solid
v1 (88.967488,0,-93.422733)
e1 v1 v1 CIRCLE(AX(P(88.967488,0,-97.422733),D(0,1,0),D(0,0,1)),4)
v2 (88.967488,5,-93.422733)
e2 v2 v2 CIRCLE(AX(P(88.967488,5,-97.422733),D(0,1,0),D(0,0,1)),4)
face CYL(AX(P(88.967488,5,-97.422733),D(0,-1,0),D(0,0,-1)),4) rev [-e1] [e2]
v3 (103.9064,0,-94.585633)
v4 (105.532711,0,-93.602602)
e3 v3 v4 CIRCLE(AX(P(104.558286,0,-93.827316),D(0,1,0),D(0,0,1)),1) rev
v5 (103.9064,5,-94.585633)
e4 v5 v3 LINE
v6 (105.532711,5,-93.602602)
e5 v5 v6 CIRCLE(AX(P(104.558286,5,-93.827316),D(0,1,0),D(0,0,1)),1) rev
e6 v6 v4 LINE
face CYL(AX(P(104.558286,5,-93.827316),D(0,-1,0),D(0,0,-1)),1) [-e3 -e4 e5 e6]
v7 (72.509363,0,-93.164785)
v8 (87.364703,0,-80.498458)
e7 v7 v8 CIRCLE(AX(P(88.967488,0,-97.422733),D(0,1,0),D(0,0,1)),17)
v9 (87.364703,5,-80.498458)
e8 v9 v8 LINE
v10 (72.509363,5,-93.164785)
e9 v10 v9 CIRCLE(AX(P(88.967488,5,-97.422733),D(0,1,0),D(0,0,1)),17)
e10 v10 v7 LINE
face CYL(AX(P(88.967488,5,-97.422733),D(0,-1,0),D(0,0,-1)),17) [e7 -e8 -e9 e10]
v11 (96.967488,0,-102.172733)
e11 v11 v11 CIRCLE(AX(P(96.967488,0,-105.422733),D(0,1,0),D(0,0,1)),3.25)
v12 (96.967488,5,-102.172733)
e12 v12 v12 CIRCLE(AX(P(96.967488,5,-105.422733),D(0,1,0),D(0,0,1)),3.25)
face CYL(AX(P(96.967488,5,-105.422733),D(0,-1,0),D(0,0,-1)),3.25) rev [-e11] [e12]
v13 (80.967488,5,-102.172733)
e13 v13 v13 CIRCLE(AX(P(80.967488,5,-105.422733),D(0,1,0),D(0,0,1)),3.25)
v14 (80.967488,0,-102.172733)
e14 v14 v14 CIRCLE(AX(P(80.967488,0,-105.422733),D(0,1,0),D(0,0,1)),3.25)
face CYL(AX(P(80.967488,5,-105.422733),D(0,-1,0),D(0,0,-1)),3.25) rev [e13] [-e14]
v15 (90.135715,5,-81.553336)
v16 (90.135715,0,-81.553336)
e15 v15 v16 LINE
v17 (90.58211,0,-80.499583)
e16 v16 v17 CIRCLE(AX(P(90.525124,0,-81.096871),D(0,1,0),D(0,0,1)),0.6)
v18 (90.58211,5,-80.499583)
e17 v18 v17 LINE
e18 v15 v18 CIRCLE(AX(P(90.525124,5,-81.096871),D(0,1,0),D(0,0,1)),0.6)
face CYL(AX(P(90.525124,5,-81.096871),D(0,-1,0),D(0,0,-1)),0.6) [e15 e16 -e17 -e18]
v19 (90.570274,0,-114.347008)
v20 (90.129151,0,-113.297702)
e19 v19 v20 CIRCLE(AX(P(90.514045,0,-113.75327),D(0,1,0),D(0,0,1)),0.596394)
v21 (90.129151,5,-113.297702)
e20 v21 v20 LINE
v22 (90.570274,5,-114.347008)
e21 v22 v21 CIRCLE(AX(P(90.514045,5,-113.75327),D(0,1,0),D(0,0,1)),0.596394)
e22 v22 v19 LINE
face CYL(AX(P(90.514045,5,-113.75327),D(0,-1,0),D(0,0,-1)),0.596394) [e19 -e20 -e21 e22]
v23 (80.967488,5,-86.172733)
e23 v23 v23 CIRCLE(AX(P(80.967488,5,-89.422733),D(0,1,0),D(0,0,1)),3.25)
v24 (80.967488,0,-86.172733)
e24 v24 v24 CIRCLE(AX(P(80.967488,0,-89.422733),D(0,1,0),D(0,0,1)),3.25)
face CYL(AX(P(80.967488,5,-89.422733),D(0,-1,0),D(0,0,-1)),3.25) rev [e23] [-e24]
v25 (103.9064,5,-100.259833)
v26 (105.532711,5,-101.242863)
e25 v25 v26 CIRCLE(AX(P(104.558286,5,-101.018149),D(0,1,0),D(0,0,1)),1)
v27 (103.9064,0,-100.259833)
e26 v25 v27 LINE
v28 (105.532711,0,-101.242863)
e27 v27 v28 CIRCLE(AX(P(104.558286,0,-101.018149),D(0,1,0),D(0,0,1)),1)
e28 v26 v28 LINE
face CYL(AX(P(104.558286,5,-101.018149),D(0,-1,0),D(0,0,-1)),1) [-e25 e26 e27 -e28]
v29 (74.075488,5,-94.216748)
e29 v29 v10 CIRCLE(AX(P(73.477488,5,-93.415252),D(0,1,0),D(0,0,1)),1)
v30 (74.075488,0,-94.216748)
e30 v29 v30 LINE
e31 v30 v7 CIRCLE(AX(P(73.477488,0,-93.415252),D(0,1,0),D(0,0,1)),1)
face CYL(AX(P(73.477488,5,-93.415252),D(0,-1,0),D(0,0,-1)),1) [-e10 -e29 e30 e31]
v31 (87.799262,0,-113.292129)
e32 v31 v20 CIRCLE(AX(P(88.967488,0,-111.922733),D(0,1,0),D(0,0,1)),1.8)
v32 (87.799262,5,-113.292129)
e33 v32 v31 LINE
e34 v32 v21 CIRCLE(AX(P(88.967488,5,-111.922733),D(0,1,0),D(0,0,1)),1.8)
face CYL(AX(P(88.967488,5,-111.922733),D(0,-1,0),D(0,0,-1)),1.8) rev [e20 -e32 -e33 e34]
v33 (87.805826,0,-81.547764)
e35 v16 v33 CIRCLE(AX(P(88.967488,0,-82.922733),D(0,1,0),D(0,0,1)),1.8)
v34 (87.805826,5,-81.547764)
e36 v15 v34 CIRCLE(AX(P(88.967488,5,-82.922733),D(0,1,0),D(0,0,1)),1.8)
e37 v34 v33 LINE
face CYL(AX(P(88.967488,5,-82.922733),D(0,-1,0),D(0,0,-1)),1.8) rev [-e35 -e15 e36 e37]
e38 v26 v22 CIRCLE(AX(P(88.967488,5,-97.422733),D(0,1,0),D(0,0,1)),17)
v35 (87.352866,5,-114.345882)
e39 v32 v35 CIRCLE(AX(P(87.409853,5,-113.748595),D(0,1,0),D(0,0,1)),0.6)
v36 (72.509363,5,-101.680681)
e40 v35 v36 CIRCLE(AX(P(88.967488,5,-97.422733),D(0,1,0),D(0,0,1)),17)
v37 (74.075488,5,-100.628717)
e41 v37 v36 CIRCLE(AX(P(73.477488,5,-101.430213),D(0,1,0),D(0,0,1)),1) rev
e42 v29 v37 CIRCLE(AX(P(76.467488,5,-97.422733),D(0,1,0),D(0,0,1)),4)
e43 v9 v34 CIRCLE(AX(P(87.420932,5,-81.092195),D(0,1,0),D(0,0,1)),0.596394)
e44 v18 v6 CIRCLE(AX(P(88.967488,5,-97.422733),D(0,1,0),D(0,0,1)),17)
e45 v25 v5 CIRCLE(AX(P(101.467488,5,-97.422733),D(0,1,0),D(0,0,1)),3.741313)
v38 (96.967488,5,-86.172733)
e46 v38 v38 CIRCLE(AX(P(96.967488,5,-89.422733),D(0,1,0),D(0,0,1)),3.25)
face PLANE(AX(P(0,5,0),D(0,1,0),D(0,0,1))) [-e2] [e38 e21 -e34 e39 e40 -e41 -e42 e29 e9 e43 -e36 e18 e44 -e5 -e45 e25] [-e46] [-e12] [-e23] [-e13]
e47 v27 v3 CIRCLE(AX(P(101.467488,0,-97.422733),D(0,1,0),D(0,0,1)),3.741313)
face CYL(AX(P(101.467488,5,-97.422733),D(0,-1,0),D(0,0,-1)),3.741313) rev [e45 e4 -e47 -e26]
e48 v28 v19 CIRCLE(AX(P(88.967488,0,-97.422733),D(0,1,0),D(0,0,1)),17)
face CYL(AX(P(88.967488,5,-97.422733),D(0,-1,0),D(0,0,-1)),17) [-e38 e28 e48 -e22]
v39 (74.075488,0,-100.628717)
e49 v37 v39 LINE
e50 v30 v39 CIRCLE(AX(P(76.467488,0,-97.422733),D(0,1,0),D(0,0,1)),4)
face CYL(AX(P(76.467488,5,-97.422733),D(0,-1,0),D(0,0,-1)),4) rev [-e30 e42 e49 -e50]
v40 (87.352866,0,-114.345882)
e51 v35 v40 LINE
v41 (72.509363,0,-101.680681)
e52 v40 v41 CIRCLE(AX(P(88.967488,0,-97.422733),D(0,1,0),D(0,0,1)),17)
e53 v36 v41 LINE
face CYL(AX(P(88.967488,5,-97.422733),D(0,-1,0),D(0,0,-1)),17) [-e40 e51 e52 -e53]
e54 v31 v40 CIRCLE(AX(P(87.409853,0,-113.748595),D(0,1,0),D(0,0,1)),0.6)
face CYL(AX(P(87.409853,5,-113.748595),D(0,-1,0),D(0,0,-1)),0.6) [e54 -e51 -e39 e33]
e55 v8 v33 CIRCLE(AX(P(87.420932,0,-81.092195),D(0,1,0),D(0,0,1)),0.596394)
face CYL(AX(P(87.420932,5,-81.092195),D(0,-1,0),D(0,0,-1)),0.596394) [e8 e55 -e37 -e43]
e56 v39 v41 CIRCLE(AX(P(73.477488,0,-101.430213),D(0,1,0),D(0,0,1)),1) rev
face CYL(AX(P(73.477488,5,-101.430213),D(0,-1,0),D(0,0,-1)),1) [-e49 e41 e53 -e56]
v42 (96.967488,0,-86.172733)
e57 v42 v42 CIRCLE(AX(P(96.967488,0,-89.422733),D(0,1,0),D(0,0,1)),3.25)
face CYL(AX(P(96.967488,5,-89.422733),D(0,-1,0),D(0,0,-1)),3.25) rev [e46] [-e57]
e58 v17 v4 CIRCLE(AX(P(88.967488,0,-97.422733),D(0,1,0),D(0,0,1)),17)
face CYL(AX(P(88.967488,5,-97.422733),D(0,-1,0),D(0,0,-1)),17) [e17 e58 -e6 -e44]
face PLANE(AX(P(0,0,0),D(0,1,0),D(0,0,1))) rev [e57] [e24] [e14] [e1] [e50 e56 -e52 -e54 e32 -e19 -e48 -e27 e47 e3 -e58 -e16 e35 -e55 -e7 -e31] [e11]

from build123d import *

# Parameters (mm, degrees)
SKETCH2_R           = 3.25
SKETCH2_R_2         = 4
BOSS_EXTRUDE1_DEPTH = 5


with BuildPart() as part:
    # Sketch2 → Boss-Extrude1 (new body)
    with BuildSketch(Plane(origin=(0, 0, 0), x_dir=(1, 0, 0), z_dir=(0, 1, 0))):
        with BuildLine():
            ThreePointArc((74.0754883, 100.6287171), (72.919899742, 100.600095739), (72.5093633, 101.680680732))
            ThreePointArc((72.5093633, 101.680680732), (77.933093033, 110.354945232), (87.35286635, 114.345882401))
            ThreePointArc((87.35286635, 114.345882401), (87.962324772, 113.982635249), (87.79926183, 113.292129247))
            ThreePointArc((87.79926183, 113.292129247), (88.97179336, 110.122737844), (90.12915105, 113.29770166))
            ThreePointArc((90.12915105, 113.29770166), (89.96425768, 113.984397711), (90.570273688, 114.34700754))
            ThreePointArc((90.570273688, 114.34700754), (100.167880321, 110.211447196), (105.532711055, 101.242862936))
            ThreePointArc((105.532711055, 101.242862936), (105.075581876, 100.162342656), (103.906399753, 100.259832785))
            ThreePointArc((103.906399753, 100.259832785), (97.726174894, 97.422732696), (103.906399753, 94.585632606))
            ThreePointArc((103.906399753, 94.585632606), (105.075581876, 94.683122735), (105.532711055, 93.602602455))
            ThreePointArc((105.532711055, 93.602602455), (100.172351893, 84.637935793), (90.582110249, 80.49958299))
            ThreePointArc((90.582110249, 80.49958299), (89.972651827, 80.862830142), (90.135714769, 81.553336144))
            ThreePointArc((90.135714769, 81.553336144), (88.963183239, 84.722727547), (87.805825549, 81.547763731))
            ThreePointArc((87.805825549, 81.547763731), (87.97071892, 80.86106768), (87.364702911, 80.498457852))
            ThreePointArc((87.364702911, 80.498457852), (77.937616147, 84.486662184), (72.5093633, 93.164784659))
            ThreePointArc((72.5093633, 93.164784659), (72.919899742, 94.245369652), (74.0754883, 94.216748291))
            ThreePointArc((74.0754883, 94.216748291), (80.4674883, 97.422732696), (74.0754883, 100.6287171))
        make_face()
        with Locations(Location((80.9674883, 89.422732696, 0), (0, 0, 270))):
            Circle(SKETCH2_R, mode=Mode.SUBTRACT)
        with Locations(Location((88.9674883, 97.422732696, 0), (0, 0, 270))):
            Circle(SKETCH2_R_2, mode=Mode.SUBTRACT)
        with Locations(Location((80.9674883, 105.422732696, 0), (0, 0, 270))):
            Circle(SKETCH2_R, mode=Mode.SUBTRACT)
        with Locations(Location((96.9674883, 105.422732696, 0), (0, 0, 270))):
            Circle(SKETCH2_R, mode=Mode.SUBTRACT)
        with Locations(Location((96.9674883, 89.422732696, 0), (0, 0, 270))):
            Circle(SKETCH2_R, mode=Mode.SUBTRACT)
    extrude(amount=BOSS_EXTRUDE1_DEPTH)


solid = part.part
